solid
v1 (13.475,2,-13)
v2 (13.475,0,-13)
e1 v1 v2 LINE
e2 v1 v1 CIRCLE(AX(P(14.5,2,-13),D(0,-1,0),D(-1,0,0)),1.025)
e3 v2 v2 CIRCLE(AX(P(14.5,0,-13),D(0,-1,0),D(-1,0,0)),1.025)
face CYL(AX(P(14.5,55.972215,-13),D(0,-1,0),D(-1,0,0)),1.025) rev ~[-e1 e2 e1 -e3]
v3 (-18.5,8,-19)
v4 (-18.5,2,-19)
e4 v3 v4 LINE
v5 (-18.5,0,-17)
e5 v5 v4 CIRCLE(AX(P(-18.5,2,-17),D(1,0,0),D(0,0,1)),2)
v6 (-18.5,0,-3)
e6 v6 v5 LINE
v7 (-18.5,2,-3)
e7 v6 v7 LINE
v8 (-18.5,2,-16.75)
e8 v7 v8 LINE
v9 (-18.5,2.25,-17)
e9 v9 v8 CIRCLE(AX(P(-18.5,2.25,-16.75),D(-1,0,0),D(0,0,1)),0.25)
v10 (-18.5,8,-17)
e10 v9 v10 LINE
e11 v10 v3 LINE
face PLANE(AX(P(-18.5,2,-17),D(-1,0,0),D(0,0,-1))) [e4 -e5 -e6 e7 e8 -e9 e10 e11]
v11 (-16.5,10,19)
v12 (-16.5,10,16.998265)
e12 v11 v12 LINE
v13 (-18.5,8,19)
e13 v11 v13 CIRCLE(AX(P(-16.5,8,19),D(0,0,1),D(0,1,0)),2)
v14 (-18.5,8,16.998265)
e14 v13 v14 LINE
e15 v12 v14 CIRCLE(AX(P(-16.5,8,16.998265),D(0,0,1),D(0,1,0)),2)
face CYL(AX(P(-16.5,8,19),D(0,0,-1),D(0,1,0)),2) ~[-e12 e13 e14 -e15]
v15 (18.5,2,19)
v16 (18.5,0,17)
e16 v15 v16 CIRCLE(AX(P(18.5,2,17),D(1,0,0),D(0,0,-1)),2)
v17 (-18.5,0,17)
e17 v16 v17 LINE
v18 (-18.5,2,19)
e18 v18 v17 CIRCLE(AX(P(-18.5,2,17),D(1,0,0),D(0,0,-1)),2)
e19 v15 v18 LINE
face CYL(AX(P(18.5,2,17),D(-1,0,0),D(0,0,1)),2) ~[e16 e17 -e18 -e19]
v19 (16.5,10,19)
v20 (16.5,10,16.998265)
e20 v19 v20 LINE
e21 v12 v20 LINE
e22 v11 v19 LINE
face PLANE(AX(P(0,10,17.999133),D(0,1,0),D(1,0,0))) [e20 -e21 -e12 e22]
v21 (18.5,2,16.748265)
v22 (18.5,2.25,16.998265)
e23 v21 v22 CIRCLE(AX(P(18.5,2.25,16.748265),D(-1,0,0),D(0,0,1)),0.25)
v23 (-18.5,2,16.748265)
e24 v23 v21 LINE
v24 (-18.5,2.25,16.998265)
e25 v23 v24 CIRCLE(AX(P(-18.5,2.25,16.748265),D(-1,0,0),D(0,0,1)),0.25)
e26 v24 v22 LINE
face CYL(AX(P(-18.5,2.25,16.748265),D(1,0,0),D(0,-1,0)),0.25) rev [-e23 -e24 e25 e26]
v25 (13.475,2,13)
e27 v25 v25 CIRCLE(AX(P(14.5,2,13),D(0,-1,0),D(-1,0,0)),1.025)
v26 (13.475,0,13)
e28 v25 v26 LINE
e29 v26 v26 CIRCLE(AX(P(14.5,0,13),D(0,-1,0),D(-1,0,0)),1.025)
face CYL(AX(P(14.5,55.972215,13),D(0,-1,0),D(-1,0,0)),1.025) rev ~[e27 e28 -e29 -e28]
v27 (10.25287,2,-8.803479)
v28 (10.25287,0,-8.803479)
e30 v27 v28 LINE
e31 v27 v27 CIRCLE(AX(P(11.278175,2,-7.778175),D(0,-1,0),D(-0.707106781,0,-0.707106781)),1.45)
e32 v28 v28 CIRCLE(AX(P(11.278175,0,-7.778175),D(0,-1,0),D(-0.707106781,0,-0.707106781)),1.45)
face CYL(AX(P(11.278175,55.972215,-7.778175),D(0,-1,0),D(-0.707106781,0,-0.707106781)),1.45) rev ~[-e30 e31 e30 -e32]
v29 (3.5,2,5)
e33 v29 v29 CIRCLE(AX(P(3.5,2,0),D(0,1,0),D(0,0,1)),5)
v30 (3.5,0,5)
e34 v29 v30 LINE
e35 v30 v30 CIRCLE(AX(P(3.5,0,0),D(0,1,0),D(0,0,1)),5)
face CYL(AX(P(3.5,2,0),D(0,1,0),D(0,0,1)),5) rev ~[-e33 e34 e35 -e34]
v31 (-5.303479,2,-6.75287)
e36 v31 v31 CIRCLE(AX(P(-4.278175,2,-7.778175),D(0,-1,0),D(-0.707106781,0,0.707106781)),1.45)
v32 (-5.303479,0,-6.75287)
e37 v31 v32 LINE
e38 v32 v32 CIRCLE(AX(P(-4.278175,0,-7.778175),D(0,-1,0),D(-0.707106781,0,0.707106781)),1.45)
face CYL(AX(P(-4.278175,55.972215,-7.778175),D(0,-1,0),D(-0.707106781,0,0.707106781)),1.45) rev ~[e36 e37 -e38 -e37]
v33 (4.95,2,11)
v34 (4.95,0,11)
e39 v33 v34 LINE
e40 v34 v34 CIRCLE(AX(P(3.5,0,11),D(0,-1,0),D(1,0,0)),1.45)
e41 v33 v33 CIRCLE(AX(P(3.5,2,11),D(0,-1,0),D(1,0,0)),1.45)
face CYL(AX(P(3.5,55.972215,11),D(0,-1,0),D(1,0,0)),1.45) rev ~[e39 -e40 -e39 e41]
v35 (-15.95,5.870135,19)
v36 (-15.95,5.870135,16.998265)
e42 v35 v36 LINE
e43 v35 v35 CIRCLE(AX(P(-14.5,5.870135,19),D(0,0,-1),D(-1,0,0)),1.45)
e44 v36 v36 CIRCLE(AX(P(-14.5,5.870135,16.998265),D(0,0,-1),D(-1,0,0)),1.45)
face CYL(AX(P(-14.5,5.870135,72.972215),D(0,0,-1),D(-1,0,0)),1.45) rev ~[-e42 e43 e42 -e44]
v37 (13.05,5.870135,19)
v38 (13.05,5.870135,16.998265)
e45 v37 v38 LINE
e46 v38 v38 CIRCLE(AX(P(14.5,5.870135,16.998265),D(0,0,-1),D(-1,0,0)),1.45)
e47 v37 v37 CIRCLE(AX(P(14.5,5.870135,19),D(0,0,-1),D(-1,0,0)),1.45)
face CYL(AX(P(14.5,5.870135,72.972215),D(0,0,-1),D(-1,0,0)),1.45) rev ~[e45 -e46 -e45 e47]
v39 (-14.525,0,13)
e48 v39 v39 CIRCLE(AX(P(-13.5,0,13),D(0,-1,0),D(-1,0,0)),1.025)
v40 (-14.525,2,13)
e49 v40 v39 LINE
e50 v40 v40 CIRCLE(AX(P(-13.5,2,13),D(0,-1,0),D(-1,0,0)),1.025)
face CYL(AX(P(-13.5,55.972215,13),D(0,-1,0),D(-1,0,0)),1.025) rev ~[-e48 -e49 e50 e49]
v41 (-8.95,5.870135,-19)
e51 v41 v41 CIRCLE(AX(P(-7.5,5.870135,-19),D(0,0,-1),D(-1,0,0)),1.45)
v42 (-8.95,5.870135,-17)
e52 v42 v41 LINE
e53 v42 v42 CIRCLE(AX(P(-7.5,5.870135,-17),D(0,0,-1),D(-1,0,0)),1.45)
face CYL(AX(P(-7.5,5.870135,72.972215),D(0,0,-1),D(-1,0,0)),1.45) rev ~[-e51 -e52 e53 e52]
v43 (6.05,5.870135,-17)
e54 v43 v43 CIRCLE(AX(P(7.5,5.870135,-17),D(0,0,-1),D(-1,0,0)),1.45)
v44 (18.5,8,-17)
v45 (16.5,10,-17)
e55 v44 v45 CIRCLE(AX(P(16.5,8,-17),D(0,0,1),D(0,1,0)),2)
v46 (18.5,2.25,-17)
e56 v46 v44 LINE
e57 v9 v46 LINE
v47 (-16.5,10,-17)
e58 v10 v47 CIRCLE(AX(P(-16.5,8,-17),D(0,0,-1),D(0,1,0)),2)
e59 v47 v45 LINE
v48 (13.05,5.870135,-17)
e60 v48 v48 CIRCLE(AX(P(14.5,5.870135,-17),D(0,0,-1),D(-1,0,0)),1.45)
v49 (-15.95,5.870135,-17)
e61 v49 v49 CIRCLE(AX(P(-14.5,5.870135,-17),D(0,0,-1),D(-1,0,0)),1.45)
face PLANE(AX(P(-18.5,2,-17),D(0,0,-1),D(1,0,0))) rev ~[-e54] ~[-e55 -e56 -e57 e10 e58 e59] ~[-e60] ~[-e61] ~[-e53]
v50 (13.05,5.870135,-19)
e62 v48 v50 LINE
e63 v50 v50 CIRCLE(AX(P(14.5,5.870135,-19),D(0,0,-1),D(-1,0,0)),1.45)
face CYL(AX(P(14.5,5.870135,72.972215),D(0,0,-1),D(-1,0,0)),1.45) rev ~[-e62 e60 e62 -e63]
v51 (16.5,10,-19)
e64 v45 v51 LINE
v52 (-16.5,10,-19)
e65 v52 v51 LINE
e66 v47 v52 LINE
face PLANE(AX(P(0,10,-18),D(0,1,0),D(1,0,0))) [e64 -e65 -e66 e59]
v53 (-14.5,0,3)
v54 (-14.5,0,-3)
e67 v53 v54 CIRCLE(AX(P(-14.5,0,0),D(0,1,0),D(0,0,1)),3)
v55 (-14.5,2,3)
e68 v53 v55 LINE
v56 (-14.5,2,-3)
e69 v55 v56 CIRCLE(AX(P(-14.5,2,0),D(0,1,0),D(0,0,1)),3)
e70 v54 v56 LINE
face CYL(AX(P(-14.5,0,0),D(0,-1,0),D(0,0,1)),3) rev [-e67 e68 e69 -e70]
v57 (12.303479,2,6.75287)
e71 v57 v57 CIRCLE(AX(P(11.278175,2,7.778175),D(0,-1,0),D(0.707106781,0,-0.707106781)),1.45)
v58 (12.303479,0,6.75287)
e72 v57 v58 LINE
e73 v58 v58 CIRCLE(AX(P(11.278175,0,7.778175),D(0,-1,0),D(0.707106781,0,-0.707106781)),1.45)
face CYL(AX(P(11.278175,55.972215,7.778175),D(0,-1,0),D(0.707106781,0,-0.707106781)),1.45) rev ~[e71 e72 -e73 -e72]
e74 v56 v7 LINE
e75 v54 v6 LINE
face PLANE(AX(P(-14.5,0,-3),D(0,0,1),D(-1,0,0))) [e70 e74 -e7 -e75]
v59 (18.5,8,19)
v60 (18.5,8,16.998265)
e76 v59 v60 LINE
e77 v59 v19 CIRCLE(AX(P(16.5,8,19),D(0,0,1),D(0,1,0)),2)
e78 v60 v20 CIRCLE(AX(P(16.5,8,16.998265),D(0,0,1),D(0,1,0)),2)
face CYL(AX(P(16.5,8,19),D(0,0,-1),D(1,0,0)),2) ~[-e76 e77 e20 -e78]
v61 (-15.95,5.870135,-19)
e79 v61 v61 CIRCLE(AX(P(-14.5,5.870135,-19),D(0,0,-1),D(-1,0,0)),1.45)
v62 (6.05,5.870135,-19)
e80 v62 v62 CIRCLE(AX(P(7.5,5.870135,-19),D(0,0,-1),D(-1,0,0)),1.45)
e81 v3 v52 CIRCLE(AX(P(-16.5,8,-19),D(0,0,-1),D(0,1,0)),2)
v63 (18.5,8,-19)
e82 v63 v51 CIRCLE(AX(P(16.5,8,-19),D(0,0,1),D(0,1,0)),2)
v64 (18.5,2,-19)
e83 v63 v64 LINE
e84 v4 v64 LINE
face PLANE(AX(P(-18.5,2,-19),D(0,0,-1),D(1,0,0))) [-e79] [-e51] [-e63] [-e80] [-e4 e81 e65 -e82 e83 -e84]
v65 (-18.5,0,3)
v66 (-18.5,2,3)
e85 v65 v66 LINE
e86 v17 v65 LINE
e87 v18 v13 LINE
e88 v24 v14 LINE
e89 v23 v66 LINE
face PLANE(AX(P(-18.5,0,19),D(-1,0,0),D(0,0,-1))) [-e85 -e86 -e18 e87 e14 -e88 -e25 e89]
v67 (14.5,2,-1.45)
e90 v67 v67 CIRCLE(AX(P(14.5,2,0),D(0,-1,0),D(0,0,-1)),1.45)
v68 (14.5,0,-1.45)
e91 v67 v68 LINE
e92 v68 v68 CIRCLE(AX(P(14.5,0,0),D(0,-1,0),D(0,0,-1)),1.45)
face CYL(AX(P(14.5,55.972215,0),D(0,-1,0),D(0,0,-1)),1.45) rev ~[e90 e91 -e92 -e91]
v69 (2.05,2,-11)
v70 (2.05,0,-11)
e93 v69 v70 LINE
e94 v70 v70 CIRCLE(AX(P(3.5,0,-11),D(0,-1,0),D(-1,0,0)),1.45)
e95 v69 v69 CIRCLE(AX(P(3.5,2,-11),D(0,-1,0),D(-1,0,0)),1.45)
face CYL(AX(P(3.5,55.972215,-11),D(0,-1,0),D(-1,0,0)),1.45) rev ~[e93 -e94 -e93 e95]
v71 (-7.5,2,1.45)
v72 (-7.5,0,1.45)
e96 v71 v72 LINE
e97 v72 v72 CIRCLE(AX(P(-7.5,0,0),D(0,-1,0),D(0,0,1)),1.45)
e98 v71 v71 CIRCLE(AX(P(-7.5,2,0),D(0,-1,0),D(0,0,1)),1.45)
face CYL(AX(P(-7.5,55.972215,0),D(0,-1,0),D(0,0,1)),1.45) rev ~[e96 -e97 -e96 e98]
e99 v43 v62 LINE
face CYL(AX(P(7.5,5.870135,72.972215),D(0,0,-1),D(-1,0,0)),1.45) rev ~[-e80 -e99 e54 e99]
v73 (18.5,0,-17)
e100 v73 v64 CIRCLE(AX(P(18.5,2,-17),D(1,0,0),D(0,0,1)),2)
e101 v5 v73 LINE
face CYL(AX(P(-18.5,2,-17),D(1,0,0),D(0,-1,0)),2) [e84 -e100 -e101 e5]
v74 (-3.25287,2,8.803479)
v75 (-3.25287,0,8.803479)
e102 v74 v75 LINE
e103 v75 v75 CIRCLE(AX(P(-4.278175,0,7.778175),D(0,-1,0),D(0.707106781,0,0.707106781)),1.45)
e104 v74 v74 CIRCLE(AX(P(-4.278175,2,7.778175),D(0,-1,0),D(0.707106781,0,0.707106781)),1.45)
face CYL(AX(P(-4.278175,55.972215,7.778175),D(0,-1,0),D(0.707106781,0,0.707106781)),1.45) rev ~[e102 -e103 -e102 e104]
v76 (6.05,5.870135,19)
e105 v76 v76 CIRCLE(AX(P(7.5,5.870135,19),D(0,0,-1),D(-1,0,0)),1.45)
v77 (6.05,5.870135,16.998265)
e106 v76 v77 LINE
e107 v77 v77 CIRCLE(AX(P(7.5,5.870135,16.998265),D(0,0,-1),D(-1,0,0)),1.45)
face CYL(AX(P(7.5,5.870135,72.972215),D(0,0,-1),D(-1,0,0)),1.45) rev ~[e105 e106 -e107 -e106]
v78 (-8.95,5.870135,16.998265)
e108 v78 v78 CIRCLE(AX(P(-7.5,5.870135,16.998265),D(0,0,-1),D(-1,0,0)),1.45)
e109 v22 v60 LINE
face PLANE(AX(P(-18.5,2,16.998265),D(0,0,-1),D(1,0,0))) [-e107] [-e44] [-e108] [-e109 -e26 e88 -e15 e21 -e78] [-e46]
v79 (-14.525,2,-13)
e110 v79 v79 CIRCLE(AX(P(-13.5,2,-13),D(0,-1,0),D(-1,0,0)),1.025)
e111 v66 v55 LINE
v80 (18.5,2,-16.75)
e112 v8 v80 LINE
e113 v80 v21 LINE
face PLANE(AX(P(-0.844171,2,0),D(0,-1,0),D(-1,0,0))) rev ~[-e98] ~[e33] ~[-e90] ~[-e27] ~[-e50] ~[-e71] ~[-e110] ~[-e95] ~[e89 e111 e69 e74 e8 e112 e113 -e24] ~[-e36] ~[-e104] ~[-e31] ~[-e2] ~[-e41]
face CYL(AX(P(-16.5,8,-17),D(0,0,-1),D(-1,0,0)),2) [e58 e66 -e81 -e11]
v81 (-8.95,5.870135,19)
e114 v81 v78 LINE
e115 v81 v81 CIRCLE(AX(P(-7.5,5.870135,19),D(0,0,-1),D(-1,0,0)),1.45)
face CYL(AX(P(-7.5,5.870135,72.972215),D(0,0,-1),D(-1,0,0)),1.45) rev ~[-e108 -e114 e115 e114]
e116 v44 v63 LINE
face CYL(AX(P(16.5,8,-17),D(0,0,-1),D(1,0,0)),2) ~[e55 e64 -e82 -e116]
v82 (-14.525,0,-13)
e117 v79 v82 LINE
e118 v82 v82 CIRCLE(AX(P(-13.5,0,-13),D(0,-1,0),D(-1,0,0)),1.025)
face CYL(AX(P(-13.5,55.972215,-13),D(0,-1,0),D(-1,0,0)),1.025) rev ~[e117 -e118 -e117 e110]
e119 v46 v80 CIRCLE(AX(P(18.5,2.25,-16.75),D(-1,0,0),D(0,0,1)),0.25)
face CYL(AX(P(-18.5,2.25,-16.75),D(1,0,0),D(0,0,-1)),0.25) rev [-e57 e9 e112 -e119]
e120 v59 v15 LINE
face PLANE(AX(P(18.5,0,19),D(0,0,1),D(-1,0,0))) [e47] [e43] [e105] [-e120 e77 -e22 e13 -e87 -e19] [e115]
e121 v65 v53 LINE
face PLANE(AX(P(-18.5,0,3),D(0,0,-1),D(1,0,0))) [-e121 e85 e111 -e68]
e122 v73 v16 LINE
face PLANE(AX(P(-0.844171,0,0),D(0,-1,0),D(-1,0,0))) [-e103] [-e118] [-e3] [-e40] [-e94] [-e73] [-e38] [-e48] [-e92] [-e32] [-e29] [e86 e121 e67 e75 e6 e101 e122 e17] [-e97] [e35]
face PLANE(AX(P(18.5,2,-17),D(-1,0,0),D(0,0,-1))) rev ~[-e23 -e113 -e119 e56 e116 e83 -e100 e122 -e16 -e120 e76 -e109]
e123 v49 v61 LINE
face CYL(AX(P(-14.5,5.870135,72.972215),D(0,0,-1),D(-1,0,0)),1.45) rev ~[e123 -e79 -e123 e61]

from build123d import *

# Parameters (mm, degrees)
BOSS_EXTRUDE1_DEPTH       = 2
SKETCH2_W                 = 37
SKETCH2_H                 = 2
SKETCH2_H_2               = 2.001734714
BOSS_EXTRUDE2_DEPTH       = 8
FILLET1_R                 = 2
FILLET2_R                 = 0.25
TAP_DRILL_FOR_M2_5_TAP1_D = 2.05
SKETCH5_R                 = 5
CUT_EXTRUDE1_DEPTH        = 28.699277969
M2_5_CLEARANCE_HOLE1_D    = 2.9
CIRPATTERN1_COUNT         = 8
M2_5_CLEARANCE_HOLE2_D    = 2.9


with BuildPart() as part:
    # Sketch1 → Boss-Extrude1 (new body)
    with BuildSketch(Plane(origin=(0, 0, 0), x_dir=(1, 0, 0), z_dir=(0, 1, 0))):
        with BuildLine():
            Line((-14.5, 3), (-18.5, 3))
            Line((-18.5, 3), (-18.5, 19))
            Line((-18.5, 19), (18.5, 19))
            Line((18.5, 19), (18.5, -19))
            Line((18.5, -19), (-18.5, -19))
            Line((-18.5, -19), (-18.5, -3))
            Line((-18.5, -3), (-14.5, -3))
            ThreePointArc((-14.5, -3), (-11.5, 0), (-14.5, 3))
        make_face()
    extrude(amount=BOSS_EXTRUDE1_DEPTH)

    # Sketch2 → Boss-Extrude2 (add)
    with BuildSketch(Plane(origin=(0, 2, 0), x_dir=(1, 0, 0), z_dir=(0, 1, 0))):
        with Locations((0, 18)):
            Rectangle(SKETCH2_W, SKETCH2_H)
        with Locations((0, -17.999132643)):
            Rectangle(SKETCH2_W, SKETCH2_H_2)
    extrude(amount=BOSS_EXTRUDE2_DEPTH)

    # Fillet1
    fillet1_edges = [part.edges().sort_by_distance(p)[0] for p in [
        (0, 0, -19),
        (-18.5, 10, -18),
        (18.5, 10, -18),
        (-18.5, 10, 17.999132643),
        (18.5, 10, 17.999132643),
        (0, 0, 19),
    ]]
    fillet(fillet1_edges, radius=FILLET1_R)

    # Fillet2
    fillet2_edges = [part.edges().sort_by_distance(p)[0] for p in [
        (0, 2, -17),
        (0, 2, 16.998265286),
    ]]
    fillet(fillet2_edges, radius=FILLET2_R)

    # Tap Drill for M2.5 Tap1 (through all)
    with Locations(Plane(origin=(0, 2, 0), x_dir=(1, 0, 0), z_dir=(0, 1, 0))):
        with Locations((-13.5, 13), (14.5, 13), (14.5, -13), (-13.5, -13)):
            Hole(TAP_DRILL_FOR_M2_5_TAP1_D / 2)

    # Sketch5 → Cut-Extrude1 (cut, through all)
    with BuildSketch(Plane(origin=(0, 2, 0), x_dir=(1, 0, 0), z_dir=(0, 1, 0))):
        with Locations(Location((3.5, 0, 0), (0, 0, 270))):
            Circle(SKETCH5_R)
    extrude(amount=-CUT_EXTRUDE1_DEPTH, mode=Mode.SUBTRACT)

    # M2.5 Clearance Hole1 (through all)
    with Locations(Plane(origin=(0, 2, 0), x_dir=(1, 0, 0), z_dir=(0, 1, 0))):
        with Locations((3.5, 11)):
            m2_5_clearance_hole1 = Hole(M2_5_CLEARANCE_HOLE1_D / 2)

    # CirPattern1: M2.5 Clearance Hole1 ×8 about axis
    cirpattern1_axis = Axis((3.5, 0, 0), (0, 1, 0))
    for i in range(1, CIRPATTERN1_COUNT):
        add(m2_5_clearance_hole1.rotate(cirpattern1_axis, i * 360 / CIRPATTERN1_COUNT), mode=Mode.SUBTRACT)

    # M2.5 Clearance Hole2 (through all)
    with Locations(Plane.XY.offset(19)):
        with Locations((-14.5, 5.870134778), (-7.5, 5.870134778), (7.5, 5.870134778), (14.5, 5.870134778)):
            Hole(M2_5_CLEARANCE_HOLE2_D / 2)


solid = part.part
